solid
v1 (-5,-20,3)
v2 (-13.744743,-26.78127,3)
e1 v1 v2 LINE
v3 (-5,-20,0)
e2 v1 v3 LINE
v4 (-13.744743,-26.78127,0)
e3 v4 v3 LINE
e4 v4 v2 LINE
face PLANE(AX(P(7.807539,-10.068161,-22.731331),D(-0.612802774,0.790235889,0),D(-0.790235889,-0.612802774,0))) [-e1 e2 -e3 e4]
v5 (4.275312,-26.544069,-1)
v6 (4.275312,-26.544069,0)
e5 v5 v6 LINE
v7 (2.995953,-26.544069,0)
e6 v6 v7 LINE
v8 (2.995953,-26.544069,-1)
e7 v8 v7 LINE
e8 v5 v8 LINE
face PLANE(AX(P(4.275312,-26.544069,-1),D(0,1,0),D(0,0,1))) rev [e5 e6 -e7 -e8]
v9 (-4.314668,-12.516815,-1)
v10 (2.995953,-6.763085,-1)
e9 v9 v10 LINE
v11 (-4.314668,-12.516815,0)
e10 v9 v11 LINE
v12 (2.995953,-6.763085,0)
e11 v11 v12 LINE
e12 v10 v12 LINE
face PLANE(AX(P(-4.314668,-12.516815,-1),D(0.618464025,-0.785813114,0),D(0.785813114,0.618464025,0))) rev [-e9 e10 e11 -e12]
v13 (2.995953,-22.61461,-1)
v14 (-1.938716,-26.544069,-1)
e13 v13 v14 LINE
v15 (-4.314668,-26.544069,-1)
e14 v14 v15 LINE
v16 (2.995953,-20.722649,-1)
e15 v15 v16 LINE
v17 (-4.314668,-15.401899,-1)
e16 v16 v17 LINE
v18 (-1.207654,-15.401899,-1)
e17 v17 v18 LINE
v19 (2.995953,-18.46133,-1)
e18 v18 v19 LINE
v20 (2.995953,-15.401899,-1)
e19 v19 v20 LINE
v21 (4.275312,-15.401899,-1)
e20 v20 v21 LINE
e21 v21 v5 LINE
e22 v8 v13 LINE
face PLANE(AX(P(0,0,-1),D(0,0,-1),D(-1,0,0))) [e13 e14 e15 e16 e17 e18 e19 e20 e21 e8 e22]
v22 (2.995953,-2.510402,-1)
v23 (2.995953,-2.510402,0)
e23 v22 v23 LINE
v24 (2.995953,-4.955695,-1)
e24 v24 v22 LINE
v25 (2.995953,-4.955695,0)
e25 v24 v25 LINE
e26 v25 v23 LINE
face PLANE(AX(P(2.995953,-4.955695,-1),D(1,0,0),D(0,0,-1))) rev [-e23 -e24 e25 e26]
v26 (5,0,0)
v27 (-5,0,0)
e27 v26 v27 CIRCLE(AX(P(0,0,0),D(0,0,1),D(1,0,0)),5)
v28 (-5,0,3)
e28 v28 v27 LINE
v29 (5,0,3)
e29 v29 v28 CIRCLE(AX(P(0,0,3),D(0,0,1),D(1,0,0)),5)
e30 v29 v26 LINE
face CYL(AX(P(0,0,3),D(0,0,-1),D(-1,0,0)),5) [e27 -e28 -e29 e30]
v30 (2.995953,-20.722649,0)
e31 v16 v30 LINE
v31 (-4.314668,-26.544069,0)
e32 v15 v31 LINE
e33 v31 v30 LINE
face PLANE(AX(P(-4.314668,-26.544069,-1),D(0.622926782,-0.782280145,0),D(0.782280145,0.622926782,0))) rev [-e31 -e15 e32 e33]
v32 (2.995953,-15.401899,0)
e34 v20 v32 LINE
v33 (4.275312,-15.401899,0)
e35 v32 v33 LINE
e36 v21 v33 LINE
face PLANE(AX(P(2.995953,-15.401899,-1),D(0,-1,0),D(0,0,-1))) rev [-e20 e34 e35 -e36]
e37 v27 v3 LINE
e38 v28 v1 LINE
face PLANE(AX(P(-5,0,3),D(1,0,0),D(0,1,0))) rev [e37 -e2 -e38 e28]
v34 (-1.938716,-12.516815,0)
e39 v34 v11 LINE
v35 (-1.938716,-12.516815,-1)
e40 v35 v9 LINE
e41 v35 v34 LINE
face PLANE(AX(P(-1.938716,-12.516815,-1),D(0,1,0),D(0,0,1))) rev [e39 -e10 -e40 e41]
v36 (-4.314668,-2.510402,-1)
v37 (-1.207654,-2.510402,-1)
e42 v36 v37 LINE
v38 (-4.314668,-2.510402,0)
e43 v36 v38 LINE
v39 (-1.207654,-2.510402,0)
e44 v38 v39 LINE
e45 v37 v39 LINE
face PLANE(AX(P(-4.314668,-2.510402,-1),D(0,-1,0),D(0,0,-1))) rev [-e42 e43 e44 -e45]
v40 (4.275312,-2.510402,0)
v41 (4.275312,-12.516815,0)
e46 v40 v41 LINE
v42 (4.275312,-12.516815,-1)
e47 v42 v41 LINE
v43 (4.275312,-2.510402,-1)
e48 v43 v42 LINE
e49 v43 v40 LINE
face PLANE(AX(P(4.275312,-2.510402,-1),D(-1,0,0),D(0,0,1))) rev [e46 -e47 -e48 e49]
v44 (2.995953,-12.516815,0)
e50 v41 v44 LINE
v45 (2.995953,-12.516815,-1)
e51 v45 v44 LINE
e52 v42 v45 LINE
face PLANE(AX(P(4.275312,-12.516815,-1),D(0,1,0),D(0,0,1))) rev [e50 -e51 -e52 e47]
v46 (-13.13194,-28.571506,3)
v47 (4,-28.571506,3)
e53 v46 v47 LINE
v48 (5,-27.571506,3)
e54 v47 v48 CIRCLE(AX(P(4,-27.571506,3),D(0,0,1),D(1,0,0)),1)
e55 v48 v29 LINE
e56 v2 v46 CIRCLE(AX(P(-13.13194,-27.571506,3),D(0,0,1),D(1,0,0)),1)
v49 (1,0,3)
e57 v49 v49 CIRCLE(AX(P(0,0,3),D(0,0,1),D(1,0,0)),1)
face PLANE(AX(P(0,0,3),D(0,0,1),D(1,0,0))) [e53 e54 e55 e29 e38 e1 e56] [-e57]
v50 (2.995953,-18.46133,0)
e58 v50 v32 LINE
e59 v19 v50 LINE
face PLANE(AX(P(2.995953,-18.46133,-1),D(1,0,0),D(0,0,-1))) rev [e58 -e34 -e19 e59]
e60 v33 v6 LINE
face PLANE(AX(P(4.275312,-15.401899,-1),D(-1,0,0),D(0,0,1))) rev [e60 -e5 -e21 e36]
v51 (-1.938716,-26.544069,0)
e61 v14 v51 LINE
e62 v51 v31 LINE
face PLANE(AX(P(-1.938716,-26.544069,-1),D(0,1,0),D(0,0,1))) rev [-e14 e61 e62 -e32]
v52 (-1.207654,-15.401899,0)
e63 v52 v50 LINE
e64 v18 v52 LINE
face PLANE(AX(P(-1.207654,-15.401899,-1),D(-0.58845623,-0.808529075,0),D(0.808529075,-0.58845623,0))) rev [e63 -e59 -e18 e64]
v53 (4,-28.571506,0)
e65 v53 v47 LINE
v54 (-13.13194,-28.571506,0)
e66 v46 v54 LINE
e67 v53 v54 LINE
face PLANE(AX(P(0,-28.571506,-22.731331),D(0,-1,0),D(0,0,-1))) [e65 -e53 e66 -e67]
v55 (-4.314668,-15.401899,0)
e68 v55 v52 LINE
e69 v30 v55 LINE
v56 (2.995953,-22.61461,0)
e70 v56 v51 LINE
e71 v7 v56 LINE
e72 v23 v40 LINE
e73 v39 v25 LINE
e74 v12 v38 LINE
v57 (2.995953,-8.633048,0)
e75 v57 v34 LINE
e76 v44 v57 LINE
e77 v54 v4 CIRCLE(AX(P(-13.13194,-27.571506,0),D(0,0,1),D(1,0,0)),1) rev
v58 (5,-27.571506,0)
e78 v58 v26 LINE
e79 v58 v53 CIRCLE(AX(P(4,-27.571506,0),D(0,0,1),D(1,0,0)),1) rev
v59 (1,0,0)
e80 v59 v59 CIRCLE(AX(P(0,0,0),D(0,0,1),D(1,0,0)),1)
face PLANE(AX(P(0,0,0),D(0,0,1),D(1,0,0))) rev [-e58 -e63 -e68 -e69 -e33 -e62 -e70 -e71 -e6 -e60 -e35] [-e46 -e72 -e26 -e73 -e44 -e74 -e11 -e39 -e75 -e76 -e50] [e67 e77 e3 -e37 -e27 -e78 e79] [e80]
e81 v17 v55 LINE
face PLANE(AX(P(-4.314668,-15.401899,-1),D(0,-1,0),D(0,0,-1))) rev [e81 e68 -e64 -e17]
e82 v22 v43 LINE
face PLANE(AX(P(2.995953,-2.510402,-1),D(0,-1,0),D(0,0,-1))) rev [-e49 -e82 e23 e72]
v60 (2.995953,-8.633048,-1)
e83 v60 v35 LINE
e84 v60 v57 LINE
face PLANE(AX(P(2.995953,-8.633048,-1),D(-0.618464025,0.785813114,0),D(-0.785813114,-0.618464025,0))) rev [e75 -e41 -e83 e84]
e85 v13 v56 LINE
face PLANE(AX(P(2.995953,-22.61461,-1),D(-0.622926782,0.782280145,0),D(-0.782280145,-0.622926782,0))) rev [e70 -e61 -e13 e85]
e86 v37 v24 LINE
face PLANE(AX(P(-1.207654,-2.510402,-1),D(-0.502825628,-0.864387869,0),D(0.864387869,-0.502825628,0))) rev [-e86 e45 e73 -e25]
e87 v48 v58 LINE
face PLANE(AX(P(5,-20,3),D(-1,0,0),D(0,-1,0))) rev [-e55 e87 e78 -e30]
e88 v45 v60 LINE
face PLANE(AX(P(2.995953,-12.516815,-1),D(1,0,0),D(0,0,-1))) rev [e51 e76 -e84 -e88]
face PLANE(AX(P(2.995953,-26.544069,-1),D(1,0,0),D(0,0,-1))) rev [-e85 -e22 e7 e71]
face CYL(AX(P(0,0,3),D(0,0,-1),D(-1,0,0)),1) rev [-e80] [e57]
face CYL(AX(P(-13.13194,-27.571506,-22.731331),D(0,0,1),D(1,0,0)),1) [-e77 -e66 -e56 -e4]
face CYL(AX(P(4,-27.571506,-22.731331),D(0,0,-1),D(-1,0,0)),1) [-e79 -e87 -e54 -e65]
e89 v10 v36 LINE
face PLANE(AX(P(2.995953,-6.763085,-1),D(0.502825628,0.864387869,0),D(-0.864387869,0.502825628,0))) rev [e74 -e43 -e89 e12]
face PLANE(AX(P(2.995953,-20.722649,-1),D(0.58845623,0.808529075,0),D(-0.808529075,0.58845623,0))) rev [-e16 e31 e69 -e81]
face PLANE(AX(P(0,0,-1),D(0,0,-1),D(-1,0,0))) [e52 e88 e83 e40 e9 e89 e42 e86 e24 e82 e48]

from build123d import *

# Parameters (mm, degrees)
SKETCH_1_R      = 1
EXTRUDE_1_DEPTH = 3
EXTRUDE_2_DEPTH = 3
FILLET_2_R      = 1
FILLET_3_R      = 1
EXTRUDE_4_DEPTH = 1


with BuildPart() as part:
    # 草图1 → 凸台-拉伸1 (new body)
    with BuildSketch(Plane.XY):
        with BuildLine():
            Line((-5, 0), (-5, -20))
            Line((-5, -20), (5, -20))
            Line((5, -20), (5, 0))
            ThreePointArc((5, 0), (0, 5), (-5, 0))
        make_face()
        Circle(SKETCH_1_R, mode=Mode.SUBTRACT)
    extrude(amount=EXTRUDE_1_DEPTH)

    # 草图2 → 凸台-拉伸2 (add)
    with BuildSketch(Plane.XY.offset(3)):
        Polygon((5, -20), (-5, -20), (-16.053330201, -28.571505672), (5, -28.571505672), align=None)
    extrude(amount=-EXTRUDE_2_DEPTH)

    # 圆角2
    fillet_2_edges = [part.edges().sort_by_distance(p)[0] for p in [
        (-16.053330201, -28.571505672, 1.5),
    ]]
    fillet(fillet_2_edges, radius=FILLET_2_R)

    # 圆角3
    fillet_3_edges = [part.edges().sort_by_distance(p)[0] for p in [
        (5, -28.571505672, 1.5),
    ]]
    fillet(fillet_3_edges, radius=FILLET_3_R)

    # 草图4 → 凸台-拉伸4 (add)
    with BuildSketch(Plane(origin=(0, 0, 0), x_dir=(-1, 0, 0), z_dir=(0, 0, -1))):
        Polygon((-4.275312121, -2.510402489), (-4.275312121, -12.516814932), (-2.995953453, -12.516814932), (-2.995953453, -8.633047546), (1.938715697, -12.516814932), (4.31466751, -12.516814932), (-2.995953453, -6.763085471), (4.31466751, -2.510402489), (1.207653601, -2.510402489), (-2.995953453, -4.955695204), (-2.995953453, -2.510402489), align=None)
        Polygon((-4.275312121, -15.401899276), (-4.275312121, -26.544068904), (-2.995953453, -26.544068904), (-2.995953453, -22.614610137), (1.938715697, -26.544068904), (4.31466751, -26.544068904), (-2.995953453, -20.722648508), (4.31466751, -15.401899276), (1.207653601, -15.401899276), (-2.995953453, -18.461330084), (-2.995953453, -15.401899276), align=None)
    extrude(amount=EXTRUDE_4_DEPTH)


solid = part.part
